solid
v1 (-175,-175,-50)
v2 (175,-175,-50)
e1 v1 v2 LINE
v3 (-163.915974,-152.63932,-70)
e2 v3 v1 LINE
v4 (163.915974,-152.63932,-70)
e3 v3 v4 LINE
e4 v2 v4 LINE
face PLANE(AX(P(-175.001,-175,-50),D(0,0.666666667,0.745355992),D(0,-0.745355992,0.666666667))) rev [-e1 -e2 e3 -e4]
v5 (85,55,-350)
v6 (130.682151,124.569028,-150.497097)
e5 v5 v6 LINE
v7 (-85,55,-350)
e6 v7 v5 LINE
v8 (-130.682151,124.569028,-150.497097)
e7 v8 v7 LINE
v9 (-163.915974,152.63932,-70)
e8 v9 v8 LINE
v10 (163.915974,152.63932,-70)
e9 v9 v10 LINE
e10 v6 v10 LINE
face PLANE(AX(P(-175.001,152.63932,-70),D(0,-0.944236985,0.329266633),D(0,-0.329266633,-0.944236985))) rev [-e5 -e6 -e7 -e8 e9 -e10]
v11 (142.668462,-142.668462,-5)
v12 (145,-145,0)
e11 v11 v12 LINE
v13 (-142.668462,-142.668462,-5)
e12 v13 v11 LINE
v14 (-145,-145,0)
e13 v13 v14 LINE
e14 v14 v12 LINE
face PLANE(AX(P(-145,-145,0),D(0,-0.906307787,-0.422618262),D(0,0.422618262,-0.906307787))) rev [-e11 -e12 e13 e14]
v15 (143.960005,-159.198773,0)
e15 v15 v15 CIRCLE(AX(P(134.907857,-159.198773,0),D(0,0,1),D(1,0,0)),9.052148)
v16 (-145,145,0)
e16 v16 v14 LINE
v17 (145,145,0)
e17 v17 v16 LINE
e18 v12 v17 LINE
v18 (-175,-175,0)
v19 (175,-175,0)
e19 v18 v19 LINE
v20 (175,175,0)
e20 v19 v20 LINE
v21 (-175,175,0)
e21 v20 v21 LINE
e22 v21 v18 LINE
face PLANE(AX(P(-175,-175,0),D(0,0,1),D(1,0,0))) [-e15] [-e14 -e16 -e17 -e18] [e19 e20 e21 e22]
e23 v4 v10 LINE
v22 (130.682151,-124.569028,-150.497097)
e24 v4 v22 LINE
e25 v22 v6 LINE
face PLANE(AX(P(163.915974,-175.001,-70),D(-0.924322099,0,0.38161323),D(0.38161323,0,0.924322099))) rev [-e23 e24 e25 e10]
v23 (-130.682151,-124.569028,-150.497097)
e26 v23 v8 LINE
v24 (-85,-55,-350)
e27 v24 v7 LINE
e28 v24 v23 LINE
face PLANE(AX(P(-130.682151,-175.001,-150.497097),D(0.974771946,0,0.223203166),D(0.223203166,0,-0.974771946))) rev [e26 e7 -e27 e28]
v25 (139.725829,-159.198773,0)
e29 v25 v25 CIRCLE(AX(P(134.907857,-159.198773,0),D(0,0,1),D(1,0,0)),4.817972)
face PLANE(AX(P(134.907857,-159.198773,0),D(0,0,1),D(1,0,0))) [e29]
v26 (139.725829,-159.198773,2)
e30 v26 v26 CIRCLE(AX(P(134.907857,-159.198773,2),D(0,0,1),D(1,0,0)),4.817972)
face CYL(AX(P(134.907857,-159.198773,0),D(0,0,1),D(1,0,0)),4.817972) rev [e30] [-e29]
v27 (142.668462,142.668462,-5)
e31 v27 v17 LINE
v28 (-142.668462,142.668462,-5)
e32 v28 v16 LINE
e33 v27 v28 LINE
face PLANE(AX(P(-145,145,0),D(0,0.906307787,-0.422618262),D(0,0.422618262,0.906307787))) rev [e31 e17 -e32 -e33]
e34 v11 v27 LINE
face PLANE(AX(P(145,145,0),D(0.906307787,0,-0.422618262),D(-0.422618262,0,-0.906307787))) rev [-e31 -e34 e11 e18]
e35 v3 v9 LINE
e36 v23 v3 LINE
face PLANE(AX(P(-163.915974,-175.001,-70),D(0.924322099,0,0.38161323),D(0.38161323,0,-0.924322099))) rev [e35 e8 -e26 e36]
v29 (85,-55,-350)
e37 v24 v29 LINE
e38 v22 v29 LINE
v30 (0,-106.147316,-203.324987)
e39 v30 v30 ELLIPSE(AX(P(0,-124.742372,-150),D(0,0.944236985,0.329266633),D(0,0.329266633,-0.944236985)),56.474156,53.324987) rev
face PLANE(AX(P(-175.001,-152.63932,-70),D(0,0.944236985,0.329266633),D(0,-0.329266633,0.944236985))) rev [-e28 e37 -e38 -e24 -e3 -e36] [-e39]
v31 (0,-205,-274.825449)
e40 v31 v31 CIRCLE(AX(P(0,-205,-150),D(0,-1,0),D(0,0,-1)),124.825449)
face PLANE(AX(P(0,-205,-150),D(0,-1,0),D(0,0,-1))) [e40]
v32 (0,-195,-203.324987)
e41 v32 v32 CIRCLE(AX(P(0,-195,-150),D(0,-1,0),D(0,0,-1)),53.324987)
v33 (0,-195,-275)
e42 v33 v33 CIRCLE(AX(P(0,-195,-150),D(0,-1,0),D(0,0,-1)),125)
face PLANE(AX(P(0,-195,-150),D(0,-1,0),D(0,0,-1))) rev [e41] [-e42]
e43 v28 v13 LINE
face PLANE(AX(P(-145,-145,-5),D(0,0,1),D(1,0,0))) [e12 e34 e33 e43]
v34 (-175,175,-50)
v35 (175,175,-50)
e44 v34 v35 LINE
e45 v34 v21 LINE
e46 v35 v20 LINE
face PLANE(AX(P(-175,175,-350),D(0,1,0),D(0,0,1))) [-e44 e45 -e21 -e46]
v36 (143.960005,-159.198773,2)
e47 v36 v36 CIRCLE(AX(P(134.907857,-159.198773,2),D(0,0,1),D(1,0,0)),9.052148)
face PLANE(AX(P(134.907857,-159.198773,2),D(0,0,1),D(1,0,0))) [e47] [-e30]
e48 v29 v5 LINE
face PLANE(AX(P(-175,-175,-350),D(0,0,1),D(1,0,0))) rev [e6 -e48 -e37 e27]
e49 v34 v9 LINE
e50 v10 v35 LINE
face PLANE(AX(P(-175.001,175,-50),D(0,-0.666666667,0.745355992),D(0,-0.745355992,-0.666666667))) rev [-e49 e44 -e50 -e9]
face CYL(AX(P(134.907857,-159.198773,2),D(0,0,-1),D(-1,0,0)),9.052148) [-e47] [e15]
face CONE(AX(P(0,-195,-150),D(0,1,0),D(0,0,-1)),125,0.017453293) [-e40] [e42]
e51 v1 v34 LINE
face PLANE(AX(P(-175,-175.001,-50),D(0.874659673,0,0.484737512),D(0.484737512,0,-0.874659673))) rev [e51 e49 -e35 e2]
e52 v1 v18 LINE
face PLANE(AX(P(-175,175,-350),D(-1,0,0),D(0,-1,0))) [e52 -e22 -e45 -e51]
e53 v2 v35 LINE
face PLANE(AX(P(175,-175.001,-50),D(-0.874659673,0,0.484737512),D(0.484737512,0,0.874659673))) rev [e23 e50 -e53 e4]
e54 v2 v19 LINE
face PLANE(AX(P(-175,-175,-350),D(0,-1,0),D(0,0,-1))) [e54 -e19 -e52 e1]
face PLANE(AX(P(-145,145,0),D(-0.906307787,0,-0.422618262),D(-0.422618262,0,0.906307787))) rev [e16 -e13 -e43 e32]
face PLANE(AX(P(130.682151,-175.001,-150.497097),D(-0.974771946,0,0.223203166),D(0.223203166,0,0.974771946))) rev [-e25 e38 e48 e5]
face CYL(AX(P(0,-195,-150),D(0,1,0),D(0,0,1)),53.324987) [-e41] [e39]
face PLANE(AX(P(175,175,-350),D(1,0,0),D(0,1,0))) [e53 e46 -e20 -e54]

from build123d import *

# Parameters (mm, degrees)
CROQUIS1_W                   = 350
CROQUIS1_H                   = 350
SALIENTE_EXTRUIR1_DEPTH      = 350
CROQUIS2_W                   = 290
CROQUIS2_H                   = 290
CORTAR_EXTRUIR1_DEPTH        = 5
CORTAR_EXTRUIR1_DRAFT        = -25
CORTAR_EXTRUIR2_REACH        = 527
CORTAR_EXTRUIR3_REACH        = 527
SALIENTE_EXTRUIR2_DEPTH      = 20
SALIENTE_EXTRUIR2_DEPTH_BACK = 85
CROQUIS5_R                   = 53.324987264
CROQUIS6_R                   = 125
SALIENTE_EXTRUIR3_DEPTH      = 10
SALIENTE_EXTRUIR3_TAPER      = 1
CROQUIS7_R                   = 9.05214815
SALIENTE_EXTRUIR4_DEPTH      = 2
CROQUIS8_R                   = 4.817972318
CORTAR_EXTRUIR4_DEPTH        = 2


with BuildPart() as part:
    # Croquis1 → Saliente-Extruir1 (new body)
    with BuildSketch(Plane.XY):
        Rectangle(CROQUIS1_W, CROQUIS1_H)
    extrude(amount=-SALIENTE_EXTRUIR1_DEPTH)


with BuildPart() as cortar_extruir1_tool:
    # Croquis2 → Cortar-Extruir1 (with draft: the straight prism first)
    with BuildSketch(Plane.XY):
        Rectangle(CROQUIS2_W, CROQUIS2_H)
    extrude(amount=-CORTAR_EXTRUIR1_DEPTH)
    # Cortar-Extruir1: the draft: its side faces are tilted about the plane it starts from
    cortar_extruir1_sides = [cortar_extruir1_tool.faces().sort_by_distance(p)[0] for p in [
        (-145, 0, -2.5),
        (0, -145, -2.5),
        (145, 0, -2.5),
        (0, 145, -2.5),
    ]]
    draft(cortar_extruir1_sides, Plane.XY, CORTAR_EXTRUIR1_DRAFT)


with BuildPart() as part_1:
    add(part.part)

    # Cortar-Extruir1: cut by cortar_extruir1_tool
    add(cortar_extruir1_tool.part, mode=Mode.SUBTRACT)

    # Croquis3 → Cortar-Extruir2 (cut, up to next)
    with BuildSketch(Plane(origin=(175, 0, 0), x_dir=(0, 0, -1), z_dir=(1, 0, 0)), mode=Mode.PRIVATE) as cortar_extruir2_sk1:
        Polygon((50, 175), (70, 152.639320225), (350, 55), (350, 175), align=None)
    cortar_extruir2_tool1 = extrude(cortar_extruir2_sk1.sketch, amount=-CORTAR_EXTRUIR2_REACH, mode=Mode.PRIVATE) & part_1.part
    # Croquis3 → Cortar-Extruir2 (cut, up to next)
    with BuildSketch(Plane(origin=(175, 0, 0), x_dir=(0, 0, -1), z_dir=(1, 0, 0)), mode=Mode.PRIVATE) as cortar_extruir2_sk2:
        Polygon((350, -175), (50, -175), (70, -152.639320225), (350, -55), align=None)
    cortar_extruir2_tool2 = extrude(cortar_extruir2_sk2.sketch, amount=-CORTAR_EXTRUIR2_REACH, mode=Mode.PRIVATE) & part_1.part
    add(cortar_extruir2_tool1.solids().sort_by_distance((175, 134.203352, -240.024387))[0], mode=Mode.SUBTRACT)
    add(cortar_extruir2_tool2.solids().sort_by_distance((175, -134.203352, -240.024387))[0], mode=Mode.SUBTRACT)

    # Croquis4 → Cortar-Extruir3 (cut, up to next)
    with BuildSketch(Plane(origin=(0, 175, 0), x_dir=(1, 0, 0), z_dir=(0, 1, 0)), mode=Mode.PRIVATE) as cortar_extruir3_sk1:
        Polygon((-85, 350), (-175, 350), (-175, 50), (-163.915974354, 70), (-130.682151375, 150.497096617), align=None)
    cortar_extruir3_tool1 = extrude(cortar_extruir3_sk1.sketch, amount=-CORTAR_EXTRUIR3_REACH, mode=Mode.PRIVATE) & part_1.part
    # Croquis4 → Cortar-Extruir3 (cut, up to next)
    with BuildSketch(Plane(origin=(0, 175, 0), x_dir=(1, 0, 0), z_dir=(0, 1, 0)), mode=Mode.PRIVATE) as cortar_extruir3_sk2:
        Polygon((130.682151375, 150.497096617), (85, 350), (175, 350), (175, 50), (163.915974354, 70), align=None)
    cortar_extruir3_tool2 = extrude(cortar_extruir3_sk2.sketch, amount=-CORTAR_EXTRUIR3_REACH, mode=Mode.PRIVATE) & part_1.part
    add(cortar_extruir3_tool1.solids().sort_by_distance((-143.088568, 175, -239.864683))[0], mode=Mode.SUBTRACT)
    add(cortar_extruir3_tool2.solids().sort_by_distance((143.088568, 175, -239.864683))[0], mode=Mode.SUBTRACT)

    # Croquis5 → Saliente-Extruir2 (add, two sides: drawn at the far end of the back side and taken through both)
    with BuildSketch(Plane.XZ.offset(175).offset(-SALIENTE_EXTRUIR2_DEPTH_BACK)):
        with Locations(Location((0, -150, 0), (0, 0, 270))):
            Circle(CROQUIS5_R)
    extrude(amount=SALIENTE_EXTRUIR2_DEPTH + SALIENTE_EXTRUIR2_DEPTH_BACK)

    # Croquis6 → Saliente-Extruir3 (add)
    with BuildSketch(Plane.XZ.offset(195)):
        with Locations((0, -150)):
            Circle(CROQUIS6_R)
    extrude(amount=SALIENTE_EXTRUIR3_DEPTH, taper=SALIENTE_EXTRUIR3_TAPER)

    # Croquis7 → Saliente-Extruir4 (add)
    with BuildSketch(Plane.XY):
        with Locations((134.907856816, -159.198773435)):
            Circle(CROQUIS7_R)
    extrude(amount=SALIENTE_EXTRUIR4_DEPTH)

    # Croquis8 → Cortar-Extruir4 (cut)
    with BuildSketch(Plane.XY.offset(2)):
        with Locations((134.907856816, -159.198773435)):
            Circle(CROQUIS8_R)
    extrude(amount=-CORTAR_EXTRUIR4_DEPTH, mode=Mode.SUBTRACT)


solid = part_1.part
